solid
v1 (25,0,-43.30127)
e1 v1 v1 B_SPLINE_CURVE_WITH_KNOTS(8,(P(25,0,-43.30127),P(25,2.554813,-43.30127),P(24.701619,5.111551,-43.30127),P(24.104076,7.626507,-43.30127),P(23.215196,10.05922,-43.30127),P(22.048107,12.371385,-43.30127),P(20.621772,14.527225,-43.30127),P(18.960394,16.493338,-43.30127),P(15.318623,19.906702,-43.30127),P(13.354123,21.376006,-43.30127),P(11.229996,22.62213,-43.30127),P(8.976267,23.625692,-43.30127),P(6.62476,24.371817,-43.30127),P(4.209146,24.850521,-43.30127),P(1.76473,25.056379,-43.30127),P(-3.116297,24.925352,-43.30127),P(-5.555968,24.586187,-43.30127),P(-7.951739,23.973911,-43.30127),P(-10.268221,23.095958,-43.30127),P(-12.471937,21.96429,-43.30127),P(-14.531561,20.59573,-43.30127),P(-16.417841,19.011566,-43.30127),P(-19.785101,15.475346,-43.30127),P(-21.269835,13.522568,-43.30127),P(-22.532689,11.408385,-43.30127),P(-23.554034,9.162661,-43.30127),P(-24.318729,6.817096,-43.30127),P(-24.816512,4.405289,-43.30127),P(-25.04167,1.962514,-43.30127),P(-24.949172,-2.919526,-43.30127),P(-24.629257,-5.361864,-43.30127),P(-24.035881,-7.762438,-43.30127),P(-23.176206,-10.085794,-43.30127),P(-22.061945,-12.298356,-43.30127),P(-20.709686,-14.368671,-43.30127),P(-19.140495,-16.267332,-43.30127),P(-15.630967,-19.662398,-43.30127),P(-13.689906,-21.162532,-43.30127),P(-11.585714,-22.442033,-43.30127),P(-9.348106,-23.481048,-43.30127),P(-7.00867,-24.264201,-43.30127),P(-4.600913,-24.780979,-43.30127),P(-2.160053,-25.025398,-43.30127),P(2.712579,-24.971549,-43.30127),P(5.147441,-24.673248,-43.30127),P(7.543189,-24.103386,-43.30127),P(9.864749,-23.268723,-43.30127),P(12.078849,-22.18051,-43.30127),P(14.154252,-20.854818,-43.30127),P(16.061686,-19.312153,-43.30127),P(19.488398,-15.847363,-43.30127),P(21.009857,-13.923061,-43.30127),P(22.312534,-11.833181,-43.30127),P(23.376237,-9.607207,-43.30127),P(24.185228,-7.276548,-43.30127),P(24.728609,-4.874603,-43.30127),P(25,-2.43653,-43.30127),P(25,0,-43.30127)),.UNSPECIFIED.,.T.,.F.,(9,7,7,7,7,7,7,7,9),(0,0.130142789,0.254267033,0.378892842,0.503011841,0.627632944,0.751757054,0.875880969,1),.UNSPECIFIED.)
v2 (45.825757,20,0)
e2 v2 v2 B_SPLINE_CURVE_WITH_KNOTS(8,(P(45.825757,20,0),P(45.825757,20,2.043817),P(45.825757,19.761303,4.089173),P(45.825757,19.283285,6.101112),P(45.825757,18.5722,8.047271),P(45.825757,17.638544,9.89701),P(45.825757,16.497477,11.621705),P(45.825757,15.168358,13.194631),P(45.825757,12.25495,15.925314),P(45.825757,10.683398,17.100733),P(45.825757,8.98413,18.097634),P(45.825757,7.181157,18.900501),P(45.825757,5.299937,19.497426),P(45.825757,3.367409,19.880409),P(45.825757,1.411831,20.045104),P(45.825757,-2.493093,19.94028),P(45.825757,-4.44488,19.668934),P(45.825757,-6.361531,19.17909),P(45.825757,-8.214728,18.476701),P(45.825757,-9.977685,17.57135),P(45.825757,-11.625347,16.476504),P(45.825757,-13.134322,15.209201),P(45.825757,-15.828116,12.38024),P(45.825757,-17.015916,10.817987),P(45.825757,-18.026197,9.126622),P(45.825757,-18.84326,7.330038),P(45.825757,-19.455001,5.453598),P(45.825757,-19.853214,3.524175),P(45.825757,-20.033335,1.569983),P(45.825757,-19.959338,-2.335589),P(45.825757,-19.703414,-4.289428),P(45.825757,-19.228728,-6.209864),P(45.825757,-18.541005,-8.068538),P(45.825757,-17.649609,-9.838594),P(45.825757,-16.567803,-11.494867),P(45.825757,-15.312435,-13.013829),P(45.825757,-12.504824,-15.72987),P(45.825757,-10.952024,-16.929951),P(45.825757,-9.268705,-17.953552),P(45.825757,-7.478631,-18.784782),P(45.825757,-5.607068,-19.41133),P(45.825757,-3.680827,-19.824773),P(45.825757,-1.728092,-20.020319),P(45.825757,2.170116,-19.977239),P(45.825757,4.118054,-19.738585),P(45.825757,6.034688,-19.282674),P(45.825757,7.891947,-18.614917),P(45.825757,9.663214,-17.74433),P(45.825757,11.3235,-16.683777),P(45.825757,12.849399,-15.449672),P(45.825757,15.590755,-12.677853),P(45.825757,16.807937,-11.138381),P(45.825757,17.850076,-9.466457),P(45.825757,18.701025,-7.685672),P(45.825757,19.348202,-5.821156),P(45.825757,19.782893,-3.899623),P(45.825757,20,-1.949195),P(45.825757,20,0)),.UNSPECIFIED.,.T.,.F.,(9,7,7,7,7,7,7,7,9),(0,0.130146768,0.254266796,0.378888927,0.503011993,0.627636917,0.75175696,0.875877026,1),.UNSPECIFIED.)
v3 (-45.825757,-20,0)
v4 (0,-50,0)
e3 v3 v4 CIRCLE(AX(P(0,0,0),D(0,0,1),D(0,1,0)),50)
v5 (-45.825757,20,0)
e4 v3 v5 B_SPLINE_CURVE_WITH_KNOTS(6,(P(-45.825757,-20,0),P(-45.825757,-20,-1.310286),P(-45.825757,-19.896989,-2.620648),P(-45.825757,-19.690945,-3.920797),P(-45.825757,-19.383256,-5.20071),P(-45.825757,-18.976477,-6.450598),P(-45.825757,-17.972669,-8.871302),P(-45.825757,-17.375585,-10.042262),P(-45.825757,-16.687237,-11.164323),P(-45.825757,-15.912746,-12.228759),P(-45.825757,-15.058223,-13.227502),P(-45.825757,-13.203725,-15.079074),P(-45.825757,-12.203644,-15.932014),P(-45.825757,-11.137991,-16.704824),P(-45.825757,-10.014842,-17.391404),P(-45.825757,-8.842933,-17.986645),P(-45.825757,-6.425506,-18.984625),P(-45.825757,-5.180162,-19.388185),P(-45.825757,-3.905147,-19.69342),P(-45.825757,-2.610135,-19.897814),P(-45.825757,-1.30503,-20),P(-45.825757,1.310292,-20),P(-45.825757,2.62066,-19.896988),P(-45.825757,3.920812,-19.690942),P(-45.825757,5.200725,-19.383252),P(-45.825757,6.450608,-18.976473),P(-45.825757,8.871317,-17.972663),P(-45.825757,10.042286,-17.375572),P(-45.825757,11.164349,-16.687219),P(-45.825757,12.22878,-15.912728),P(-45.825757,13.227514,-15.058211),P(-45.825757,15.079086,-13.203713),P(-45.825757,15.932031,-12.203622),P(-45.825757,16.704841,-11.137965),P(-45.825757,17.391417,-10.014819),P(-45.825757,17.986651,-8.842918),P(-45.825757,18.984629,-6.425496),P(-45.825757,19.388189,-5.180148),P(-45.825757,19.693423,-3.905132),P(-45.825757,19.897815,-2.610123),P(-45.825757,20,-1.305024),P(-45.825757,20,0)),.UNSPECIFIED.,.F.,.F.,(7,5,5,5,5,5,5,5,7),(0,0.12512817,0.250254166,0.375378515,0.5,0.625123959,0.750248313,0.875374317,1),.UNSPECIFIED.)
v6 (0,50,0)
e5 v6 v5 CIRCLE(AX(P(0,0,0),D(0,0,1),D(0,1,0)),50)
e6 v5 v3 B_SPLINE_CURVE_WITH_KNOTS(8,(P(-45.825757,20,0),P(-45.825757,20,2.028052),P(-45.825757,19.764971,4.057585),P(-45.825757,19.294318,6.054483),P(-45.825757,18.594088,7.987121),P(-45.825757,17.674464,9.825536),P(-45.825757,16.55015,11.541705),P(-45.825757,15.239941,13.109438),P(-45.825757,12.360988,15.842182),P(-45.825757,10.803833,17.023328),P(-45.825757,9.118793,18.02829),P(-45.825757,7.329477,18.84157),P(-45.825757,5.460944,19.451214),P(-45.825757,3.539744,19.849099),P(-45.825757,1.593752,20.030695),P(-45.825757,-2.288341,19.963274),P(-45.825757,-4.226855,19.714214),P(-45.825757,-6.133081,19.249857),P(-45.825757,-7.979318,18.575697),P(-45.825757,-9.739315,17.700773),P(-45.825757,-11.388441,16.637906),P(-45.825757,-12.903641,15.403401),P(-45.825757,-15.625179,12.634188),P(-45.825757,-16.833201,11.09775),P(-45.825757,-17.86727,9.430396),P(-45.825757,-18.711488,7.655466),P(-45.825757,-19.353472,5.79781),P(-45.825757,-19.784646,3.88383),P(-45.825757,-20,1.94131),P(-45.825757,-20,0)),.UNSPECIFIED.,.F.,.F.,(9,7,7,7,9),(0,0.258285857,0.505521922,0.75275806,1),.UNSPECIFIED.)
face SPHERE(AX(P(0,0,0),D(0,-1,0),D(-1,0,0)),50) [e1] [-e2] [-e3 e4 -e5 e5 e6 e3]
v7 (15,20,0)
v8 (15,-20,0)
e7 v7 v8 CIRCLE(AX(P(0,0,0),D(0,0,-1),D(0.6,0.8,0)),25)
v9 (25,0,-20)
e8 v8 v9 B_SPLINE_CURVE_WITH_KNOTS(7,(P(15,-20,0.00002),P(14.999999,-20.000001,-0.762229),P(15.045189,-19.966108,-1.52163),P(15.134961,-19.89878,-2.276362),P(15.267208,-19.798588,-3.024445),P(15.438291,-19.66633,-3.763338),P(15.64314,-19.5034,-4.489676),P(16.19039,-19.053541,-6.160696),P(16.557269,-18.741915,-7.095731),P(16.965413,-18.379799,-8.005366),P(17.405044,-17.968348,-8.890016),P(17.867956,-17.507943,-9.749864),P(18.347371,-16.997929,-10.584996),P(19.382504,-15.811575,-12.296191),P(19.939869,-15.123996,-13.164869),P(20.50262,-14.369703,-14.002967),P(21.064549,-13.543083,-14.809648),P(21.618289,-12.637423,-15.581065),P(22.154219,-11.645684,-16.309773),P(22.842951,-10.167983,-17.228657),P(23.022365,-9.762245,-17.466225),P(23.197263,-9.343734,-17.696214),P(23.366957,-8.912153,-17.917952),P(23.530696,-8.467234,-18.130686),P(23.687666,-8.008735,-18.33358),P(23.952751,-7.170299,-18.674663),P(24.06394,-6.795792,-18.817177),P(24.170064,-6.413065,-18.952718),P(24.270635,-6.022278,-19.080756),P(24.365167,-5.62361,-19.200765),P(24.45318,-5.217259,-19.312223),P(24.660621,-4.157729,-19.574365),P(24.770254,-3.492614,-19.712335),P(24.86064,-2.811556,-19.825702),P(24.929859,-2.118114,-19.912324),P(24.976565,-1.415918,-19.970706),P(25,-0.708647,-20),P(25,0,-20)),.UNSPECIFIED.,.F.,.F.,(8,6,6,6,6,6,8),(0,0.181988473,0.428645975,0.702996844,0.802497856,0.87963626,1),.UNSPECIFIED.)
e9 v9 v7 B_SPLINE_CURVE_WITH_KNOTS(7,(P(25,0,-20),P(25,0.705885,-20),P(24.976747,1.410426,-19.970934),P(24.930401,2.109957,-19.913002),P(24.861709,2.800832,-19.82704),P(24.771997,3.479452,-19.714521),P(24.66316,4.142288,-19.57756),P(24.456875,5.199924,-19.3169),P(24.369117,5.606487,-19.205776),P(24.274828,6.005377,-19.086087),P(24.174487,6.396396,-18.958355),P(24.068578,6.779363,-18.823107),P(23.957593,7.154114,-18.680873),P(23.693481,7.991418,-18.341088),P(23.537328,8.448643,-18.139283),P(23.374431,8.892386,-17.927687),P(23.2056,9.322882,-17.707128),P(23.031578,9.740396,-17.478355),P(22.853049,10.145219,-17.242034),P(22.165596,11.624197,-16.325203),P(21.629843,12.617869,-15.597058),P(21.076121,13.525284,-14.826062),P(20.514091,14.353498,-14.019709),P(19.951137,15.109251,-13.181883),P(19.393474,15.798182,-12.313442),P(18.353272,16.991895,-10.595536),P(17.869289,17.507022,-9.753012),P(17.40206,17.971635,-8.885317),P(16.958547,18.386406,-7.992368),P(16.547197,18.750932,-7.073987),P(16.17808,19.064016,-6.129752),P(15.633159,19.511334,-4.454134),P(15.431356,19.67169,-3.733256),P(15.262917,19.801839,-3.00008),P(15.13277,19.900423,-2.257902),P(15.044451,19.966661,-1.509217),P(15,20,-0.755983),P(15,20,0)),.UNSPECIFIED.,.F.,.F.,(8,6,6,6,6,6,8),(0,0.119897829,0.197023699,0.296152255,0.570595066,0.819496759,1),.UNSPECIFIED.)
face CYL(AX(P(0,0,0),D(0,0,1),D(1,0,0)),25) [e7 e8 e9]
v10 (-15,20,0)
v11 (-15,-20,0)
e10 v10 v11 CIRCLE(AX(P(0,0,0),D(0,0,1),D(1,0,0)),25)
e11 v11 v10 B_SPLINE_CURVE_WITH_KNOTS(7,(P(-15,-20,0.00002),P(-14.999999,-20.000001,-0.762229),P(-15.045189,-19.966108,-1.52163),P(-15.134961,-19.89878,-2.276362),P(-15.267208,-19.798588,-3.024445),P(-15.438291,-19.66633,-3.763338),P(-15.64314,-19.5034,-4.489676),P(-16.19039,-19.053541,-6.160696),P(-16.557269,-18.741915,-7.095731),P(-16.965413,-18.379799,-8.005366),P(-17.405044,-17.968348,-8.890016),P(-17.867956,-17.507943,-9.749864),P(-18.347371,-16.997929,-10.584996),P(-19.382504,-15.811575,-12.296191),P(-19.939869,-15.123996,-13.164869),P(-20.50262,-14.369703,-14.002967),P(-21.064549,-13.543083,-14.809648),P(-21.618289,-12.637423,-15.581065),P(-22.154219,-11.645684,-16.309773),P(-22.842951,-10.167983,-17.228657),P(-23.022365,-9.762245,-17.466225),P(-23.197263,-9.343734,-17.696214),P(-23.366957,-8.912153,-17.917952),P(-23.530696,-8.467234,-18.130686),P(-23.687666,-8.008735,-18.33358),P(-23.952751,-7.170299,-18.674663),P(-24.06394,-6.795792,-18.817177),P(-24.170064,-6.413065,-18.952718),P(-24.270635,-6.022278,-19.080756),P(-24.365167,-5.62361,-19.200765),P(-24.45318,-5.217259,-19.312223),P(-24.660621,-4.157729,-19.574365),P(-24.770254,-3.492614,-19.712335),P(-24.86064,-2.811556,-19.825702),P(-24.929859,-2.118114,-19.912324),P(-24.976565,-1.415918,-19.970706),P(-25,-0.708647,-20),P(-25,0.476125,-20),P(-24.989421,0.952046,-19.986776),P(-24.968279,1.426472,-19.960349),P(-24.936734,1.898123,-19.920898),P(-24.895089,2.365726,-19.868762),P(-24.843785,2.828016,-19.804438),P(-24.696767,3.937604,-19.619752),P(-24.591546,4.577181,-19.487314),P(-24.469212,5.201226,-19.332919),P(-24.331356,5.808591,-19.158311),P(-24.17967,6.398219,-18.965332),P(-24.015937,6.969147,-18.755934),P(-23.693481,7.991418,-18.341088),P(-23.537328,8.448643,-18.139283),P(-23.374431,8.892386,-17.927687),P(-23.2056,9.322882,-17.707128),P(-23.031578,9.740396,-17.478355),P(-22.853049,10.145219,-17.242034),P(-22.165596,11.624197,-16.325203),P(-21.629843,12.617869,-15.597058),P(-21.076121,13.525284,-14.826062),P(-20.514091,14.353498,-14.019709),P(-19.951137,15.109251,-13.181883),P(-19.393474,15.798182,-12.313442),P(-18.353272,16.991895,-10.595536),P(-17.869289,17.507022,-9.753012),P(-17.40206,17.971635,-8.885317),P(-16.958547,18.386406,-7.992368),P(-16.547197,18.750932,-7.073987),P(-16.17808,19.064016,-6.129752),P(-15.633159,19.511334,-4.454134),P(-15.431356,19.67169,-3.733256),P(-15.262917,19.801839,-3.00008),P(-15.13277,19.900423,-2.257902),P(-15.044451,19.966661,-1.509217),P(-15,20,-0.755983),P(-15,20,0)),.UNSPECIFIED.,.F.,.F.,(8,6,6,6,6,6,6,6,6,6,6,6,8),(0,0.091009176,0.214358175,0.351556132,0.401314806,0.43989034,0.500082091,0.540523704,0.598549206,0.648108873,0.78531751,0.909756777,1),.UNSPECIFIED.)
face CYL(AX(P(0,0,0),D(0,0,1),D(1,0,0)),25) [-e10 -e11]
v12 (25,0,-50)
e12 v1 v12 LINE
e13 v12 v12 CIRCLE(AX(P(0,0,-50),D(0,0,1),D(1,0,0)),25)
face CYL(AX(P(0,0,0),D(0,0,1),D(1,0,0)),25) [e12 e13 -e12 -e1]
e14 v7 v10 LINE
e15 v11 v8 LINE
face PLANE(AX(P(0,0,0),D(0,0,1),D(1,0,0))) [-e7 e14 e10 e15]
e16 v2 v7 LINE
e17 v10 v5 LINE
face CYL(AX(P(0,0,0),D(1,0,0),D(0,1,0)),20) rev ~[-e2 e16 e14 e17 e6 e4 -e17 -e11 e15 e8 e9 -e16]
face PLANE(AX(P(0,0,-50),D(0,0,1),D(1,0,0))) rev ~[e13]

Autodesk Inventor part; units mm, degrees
ref_plane "XY Plane" through (0, 0, 0) normal (0, 0, 1) x (1, 0, 0)
sketch "スケッチ1" plane through (0, 0, 0) normal (0, 0, 1) x (1, 0, 0)
  arc A0 (0, 50) -> (0, -50) centre (0, 0) ccw
  line L0 (0, 50) -> (0, -50)
  dimension "d0" = 100
revolve "回転1" add sketch "スケッチ1" angle 360 about axis through (0, 50, 0) along (0, -1, 0)
sketch "スケッチ3" plane through (0, 0, 0) normal (1, 0, 0) x (0, 1, 0)
  circle A0 centre (0, 0) radius 20
  dimension "d4" = 40
extrude "押し出し2" cut sketch "スケッチ3" along normal mid plane 100
sketch "スケッチ4" plane through (0, 0, 0) normal (0, 0, 1) x (1, 0, 0)
  circle A0 centre (0, 0) radius 25
  dimension "d7" = 50
extrude "押し出し3" add sketch "スケッチ4" against normal blind 50
properties part number "UpperlegR"
